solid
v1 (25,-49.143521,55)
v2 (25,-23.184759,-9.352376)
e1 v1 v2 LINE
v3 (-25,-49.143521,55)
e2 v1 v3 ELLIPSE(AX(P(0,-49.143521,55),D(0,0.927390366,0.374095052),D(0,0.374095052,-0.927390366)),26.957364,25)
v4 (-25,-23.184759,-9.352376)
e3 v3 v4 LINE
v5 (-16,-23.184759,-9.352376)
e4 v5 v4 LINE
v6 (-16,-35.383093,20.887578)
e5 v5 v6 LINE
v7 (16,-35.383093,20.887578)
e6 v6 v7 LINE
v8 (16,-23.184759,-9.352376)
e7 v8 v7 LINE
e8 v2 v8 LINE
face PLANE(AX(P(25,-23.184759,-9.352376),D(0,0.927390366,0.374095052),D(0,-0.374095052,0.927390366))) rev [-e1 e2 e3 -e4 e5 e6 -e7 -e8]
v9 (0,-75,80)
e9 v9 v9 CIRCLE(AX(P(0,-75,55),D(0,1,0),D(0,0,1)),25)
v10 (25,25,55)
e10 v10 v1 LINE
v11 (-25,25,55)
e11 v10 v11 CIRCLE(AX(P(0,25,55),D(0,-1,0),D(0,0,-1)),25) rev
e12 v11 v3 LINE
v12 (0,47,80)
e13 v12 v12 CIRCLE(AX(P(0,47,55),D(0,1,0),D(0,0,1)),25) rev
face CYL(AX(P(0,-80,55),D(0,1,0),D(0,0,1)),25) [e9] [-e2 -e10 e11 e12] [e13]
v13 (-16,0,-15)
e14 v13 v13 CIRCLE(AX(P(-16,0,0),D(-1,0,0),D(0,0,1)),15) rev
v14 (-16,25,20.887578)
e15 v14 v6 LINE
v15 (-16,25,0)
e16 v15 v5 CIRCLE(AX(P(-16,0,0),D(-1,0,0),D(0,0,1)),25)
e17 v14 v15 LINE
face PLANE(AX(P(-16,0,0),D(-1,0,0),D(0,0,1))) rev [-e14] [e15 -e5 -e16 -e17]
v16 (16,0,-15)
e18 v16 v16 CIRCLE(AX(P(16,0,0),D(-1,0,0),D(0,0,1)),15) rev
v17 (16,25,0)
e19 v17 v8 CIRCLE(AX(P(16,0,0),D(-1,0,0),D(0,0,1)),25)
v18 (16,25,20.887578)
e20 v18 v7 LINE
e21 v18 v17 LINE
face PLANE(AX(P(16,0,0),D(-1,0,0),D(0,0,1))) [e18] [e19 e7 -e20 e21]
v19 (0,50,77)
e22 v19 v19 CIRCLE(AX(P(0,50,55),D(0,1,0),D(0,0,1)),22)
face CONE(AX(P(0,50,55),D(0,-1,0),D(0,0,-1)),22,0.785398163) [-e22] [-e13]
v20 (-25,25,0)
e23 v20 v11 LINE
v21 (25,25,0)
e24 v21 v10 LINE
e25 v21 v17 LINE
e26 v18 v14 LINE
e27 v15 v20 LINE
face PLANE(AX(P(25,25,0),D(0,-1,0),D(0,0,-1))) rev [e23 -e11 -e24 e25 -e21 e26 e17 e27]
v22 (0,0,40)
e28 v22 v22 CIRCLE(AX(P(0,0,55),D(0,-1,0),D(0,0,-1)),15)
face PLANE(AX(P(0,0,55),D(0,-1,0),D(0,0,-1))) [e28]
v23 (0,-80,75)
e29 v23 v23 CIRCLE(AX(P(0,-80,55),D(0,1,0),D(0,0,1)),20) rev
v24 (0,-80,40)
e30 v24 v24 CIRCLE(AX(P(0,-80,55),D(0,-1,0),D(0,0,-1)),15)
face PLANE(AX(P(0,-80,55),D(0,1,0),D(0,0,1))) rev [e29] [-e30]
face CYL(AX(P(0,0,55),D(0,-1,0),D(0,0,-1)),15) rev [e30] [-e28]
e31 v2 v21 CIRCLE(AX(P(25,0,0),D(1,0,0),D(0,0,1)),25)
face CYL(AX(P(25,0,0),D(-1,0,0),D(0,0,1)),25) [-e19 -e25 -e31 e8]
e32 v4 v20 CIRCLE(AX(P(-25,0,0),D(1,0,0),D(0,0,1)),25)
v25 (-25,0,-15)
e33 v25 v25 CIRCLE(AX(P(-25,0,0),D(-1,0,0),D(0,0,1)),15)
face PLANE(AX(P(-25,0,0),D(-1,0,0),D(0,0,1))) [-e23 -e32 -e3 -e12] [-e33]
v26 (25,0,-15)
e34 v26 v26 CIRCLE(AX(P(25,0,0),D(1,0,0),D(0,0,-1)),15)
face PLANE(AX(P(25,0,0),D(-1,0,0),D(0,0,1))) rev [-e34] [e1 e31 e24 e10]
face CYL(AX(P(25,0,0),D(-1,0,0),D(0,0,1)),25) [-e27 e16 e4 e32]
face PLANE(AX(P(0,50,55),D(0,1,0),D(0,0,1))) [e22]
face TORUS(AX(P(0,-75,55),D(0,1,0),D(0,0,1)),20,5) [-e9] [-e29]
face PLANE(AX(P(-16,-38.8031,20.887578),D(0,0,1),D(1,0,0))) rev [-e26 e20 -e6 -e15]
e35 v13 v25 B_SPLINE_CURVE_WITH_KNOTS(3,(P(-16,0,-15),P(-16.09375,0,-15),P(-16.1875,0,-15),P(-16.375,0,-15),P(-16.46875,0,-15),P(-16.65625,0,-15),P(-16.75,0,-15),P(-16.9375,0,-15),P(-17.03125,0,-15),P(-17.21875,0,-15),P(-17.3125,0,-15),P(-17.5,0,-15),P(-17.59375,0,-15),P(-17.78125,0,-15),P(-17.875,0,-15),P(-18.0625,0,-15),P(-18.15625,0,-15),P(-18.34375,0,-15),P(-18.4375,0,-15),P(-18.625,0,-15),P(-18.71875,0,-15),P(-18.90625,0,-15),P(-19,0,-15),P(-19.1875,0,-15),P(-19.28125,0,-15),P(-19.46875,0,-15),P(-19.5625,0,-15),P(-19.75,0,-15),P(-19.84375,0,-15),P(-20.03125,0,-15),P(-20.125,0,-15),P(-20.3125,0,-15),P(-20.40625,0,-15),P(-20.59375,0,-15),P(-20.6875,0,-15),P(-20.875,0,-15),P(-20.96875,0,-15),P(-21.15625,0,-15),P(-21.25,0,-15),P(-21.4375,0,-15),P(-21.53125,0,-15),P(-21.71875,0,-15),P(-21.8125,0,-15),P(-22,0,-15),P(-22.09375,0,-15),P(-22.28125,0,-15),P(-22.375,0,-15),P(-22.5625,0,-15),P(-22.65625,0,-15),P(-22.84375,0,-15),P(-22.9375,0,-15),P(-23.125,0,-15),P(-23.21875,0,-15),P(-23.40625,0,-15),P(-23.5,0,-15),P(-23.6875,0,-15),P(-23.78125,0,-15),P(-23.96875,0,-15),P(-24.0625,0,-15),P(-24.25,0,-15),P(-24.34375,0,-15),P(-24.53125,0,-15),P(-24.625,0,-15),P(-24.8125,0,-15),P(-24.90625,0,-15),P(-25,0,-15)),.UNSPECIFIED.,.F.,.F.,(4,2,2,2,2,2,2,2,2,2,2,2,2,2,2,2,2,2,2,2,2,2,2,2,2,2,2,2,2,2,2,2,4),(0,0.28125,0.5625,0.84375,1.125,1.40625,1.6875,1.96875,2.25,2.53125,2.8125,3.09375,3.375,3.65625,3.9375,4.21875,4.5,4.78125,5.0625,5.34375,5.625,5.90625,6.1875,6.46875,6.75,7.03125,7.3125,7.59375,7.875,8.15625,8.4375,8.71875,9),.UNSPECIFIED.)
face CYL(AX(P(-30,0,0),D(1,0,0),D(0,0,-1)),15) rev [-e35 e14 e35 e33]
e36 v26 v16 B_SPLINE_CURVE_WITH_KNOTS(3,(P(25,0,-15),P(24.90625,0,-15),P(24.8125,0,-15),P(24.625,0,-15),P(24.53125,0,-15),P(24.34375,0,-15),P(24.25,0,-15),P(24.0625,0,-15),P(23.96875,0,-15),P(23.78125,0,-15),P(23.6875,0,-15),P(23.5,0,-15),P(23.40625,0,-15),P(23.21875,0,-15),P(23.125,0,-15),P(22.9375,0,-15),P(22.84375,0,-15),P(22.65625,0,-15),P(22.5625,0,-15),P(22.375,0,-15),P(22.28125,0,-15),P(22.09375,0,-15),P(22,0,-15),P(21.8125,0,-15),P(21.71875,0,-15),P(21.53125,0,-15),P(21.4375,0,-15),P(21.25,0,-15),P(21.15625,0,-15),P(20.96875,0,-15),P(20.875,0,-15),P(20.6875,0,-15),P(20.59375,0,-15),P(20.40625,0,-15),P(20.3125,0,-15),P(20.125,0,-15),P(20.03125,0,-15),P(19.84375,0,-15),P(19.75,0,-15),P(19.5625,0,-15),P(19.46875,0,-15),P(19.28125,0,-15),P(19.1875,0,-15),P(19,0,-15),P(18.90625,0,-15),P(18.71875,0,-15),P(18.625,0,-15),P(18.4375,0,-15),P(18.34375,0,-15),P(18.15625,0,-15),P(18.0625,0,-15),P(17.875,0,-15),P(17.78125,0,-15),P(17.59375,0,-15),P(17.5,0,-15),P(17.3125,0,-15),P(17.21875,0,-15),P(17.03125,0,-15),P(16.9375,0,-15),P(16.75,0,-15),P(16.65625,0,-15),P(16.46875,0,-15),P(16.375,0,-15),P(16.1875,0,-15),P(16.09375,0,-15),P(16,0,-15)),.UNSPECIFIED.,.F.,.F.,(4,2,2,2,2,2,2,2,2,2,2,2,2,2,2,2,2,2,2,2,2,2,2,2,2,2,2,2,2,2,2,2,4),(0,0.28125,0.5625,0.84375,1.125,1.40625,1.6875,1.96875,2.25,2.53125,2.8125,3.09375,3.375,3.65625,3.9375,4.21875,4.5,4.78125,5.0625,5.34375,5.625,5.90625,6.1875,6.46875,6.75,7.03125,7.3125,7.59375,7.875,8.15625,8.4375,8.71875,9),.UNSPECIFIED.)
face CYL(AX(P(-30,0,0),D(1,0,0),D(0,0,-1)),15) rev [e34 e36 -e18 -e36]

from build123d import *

# Parameters (mm, degrees)
EXTRUDE_8_DEPTH     = 25
EXTRUDE_START       = -25
SKETCH_12_R         = 25
EXTRUDE_9_DEPTH     = 80
FILLET_1_R          = 5
SKETCH_13_R         = 15
CUT_EXTRUDE_1_DEPTH = 80
SKETCH_14_R         = 25
EXTRUDE_10_DEPTH    = 25
CHAMFER_1_SIZE      = 3
SKETCH_15_R         = 15
CUT_EXTRUDE_2_DEPTH = 55
SKETCH_16_W         = 51.322430614
SKETCH_16_H         = 72.336093734
CUT_EXTRUDE_3_DEPTH = 16


with BuildPart() as part:
    # 草图10 → 凸台-拉伸8 (new, symmetric)
    with BuildSketch(Plane(origin=(0, 0, 0), x_dir=(0, 0, -1), z_dir=(1, 0, 0))):
        with BuildLine():
            Line((0, 25), (-55, 25))
            Line((-55, 25), (-55, -49.143520922))
            Line((-55, -49.143520922), (9.352376308, -23.184759162))
            ThreePointArc((9.352376308, -23.184759162), (24.541994408, 4.763455728), (0, 25))
        make_face()
    extrude(amount=EXTRUDE_8_DEPTH, both=True)

    # 草图12 → 凸台-拉伸9 (add)
    with BuildSketch(Plane(origin=(0, 25, 0), x_dir=(1, 0, 0), z_dir=(0, 1, 0)).offset(EXTRUDE_START)):
        with Locations(Location((0, -55, 0), (0, 0, 270))):
            Circle(SKETCH_12_R)
    extrude(amount=-EXTRUDE_9_DEPTH)

    # 圆角1
    fillet_1_edges = [part.edges().sort_by_distance(p)[0] for p in [
        (0, -80, 30),
    ]]
    fillet(fillet_1_edges, radius=FILLET_1_R)

    # 草图13 → 切除-拉伸1 (cut)
    with BuildSketch(Plane.XZ.offset(80)):
        with Locations(Location((0, 55, 0), (0, 0, 270))):
            Circle(SKETCH_13_R)
    extrude(amount=-CUT_EXTRUDE_1_DEPTH, mode=Mode.SUBTRACT)

    # 草图14 → 凸台-拉伸10 (add, symmetric)
    with BuildSketch(Plane(origin=(0, 25, 0), x_dir=(1, 0, 0), z_dir=(0, 1, 0))):
        with Locations(Location((0, -55, 0), (0, 0, 270))):
            Circle(SKETCH_14_R)
    extrude(amount=EXTRUDE_10_DEPTH, both=True)

    # 倒角1
    chamfer_1_edges = [part.edges().sort_by_distance(p)[0] for p in [
        (0, 50, 30),
    ]]
    chamfer(chamfer_1_edges, length=CHAMFER_1_SIZE)

    # 草图15 → 切除-拉伸2 (cut)
    with BuildSketch(Plane(origin=(25, 0, 0), x_dir=(0, 0, -1), z_dir=(1, 0, 0))):
        Circle(SKETCH_15_R)
    extrude(amount=-CUT_EXTRUDE_2_DEPTH, mode=Mode.SUBTRACT)

    # 草图16 → 切除-拉伸3 (cut, symmetric)
    with BuildSketch(Plane(origin=(0, 0, 0), x_dir=(0, 0, -1), z_dir=(1, 0, 0))):
        with Locations((4.773637783, -2.635053382)):
            Rectangle(SKETCH_16_W, SKETCH_16_H)
    extrude(amount=CUT_EXTRUDE_3_DEPTH, both=True, mode=Mode.SUBTRACT)


solid = part.part
